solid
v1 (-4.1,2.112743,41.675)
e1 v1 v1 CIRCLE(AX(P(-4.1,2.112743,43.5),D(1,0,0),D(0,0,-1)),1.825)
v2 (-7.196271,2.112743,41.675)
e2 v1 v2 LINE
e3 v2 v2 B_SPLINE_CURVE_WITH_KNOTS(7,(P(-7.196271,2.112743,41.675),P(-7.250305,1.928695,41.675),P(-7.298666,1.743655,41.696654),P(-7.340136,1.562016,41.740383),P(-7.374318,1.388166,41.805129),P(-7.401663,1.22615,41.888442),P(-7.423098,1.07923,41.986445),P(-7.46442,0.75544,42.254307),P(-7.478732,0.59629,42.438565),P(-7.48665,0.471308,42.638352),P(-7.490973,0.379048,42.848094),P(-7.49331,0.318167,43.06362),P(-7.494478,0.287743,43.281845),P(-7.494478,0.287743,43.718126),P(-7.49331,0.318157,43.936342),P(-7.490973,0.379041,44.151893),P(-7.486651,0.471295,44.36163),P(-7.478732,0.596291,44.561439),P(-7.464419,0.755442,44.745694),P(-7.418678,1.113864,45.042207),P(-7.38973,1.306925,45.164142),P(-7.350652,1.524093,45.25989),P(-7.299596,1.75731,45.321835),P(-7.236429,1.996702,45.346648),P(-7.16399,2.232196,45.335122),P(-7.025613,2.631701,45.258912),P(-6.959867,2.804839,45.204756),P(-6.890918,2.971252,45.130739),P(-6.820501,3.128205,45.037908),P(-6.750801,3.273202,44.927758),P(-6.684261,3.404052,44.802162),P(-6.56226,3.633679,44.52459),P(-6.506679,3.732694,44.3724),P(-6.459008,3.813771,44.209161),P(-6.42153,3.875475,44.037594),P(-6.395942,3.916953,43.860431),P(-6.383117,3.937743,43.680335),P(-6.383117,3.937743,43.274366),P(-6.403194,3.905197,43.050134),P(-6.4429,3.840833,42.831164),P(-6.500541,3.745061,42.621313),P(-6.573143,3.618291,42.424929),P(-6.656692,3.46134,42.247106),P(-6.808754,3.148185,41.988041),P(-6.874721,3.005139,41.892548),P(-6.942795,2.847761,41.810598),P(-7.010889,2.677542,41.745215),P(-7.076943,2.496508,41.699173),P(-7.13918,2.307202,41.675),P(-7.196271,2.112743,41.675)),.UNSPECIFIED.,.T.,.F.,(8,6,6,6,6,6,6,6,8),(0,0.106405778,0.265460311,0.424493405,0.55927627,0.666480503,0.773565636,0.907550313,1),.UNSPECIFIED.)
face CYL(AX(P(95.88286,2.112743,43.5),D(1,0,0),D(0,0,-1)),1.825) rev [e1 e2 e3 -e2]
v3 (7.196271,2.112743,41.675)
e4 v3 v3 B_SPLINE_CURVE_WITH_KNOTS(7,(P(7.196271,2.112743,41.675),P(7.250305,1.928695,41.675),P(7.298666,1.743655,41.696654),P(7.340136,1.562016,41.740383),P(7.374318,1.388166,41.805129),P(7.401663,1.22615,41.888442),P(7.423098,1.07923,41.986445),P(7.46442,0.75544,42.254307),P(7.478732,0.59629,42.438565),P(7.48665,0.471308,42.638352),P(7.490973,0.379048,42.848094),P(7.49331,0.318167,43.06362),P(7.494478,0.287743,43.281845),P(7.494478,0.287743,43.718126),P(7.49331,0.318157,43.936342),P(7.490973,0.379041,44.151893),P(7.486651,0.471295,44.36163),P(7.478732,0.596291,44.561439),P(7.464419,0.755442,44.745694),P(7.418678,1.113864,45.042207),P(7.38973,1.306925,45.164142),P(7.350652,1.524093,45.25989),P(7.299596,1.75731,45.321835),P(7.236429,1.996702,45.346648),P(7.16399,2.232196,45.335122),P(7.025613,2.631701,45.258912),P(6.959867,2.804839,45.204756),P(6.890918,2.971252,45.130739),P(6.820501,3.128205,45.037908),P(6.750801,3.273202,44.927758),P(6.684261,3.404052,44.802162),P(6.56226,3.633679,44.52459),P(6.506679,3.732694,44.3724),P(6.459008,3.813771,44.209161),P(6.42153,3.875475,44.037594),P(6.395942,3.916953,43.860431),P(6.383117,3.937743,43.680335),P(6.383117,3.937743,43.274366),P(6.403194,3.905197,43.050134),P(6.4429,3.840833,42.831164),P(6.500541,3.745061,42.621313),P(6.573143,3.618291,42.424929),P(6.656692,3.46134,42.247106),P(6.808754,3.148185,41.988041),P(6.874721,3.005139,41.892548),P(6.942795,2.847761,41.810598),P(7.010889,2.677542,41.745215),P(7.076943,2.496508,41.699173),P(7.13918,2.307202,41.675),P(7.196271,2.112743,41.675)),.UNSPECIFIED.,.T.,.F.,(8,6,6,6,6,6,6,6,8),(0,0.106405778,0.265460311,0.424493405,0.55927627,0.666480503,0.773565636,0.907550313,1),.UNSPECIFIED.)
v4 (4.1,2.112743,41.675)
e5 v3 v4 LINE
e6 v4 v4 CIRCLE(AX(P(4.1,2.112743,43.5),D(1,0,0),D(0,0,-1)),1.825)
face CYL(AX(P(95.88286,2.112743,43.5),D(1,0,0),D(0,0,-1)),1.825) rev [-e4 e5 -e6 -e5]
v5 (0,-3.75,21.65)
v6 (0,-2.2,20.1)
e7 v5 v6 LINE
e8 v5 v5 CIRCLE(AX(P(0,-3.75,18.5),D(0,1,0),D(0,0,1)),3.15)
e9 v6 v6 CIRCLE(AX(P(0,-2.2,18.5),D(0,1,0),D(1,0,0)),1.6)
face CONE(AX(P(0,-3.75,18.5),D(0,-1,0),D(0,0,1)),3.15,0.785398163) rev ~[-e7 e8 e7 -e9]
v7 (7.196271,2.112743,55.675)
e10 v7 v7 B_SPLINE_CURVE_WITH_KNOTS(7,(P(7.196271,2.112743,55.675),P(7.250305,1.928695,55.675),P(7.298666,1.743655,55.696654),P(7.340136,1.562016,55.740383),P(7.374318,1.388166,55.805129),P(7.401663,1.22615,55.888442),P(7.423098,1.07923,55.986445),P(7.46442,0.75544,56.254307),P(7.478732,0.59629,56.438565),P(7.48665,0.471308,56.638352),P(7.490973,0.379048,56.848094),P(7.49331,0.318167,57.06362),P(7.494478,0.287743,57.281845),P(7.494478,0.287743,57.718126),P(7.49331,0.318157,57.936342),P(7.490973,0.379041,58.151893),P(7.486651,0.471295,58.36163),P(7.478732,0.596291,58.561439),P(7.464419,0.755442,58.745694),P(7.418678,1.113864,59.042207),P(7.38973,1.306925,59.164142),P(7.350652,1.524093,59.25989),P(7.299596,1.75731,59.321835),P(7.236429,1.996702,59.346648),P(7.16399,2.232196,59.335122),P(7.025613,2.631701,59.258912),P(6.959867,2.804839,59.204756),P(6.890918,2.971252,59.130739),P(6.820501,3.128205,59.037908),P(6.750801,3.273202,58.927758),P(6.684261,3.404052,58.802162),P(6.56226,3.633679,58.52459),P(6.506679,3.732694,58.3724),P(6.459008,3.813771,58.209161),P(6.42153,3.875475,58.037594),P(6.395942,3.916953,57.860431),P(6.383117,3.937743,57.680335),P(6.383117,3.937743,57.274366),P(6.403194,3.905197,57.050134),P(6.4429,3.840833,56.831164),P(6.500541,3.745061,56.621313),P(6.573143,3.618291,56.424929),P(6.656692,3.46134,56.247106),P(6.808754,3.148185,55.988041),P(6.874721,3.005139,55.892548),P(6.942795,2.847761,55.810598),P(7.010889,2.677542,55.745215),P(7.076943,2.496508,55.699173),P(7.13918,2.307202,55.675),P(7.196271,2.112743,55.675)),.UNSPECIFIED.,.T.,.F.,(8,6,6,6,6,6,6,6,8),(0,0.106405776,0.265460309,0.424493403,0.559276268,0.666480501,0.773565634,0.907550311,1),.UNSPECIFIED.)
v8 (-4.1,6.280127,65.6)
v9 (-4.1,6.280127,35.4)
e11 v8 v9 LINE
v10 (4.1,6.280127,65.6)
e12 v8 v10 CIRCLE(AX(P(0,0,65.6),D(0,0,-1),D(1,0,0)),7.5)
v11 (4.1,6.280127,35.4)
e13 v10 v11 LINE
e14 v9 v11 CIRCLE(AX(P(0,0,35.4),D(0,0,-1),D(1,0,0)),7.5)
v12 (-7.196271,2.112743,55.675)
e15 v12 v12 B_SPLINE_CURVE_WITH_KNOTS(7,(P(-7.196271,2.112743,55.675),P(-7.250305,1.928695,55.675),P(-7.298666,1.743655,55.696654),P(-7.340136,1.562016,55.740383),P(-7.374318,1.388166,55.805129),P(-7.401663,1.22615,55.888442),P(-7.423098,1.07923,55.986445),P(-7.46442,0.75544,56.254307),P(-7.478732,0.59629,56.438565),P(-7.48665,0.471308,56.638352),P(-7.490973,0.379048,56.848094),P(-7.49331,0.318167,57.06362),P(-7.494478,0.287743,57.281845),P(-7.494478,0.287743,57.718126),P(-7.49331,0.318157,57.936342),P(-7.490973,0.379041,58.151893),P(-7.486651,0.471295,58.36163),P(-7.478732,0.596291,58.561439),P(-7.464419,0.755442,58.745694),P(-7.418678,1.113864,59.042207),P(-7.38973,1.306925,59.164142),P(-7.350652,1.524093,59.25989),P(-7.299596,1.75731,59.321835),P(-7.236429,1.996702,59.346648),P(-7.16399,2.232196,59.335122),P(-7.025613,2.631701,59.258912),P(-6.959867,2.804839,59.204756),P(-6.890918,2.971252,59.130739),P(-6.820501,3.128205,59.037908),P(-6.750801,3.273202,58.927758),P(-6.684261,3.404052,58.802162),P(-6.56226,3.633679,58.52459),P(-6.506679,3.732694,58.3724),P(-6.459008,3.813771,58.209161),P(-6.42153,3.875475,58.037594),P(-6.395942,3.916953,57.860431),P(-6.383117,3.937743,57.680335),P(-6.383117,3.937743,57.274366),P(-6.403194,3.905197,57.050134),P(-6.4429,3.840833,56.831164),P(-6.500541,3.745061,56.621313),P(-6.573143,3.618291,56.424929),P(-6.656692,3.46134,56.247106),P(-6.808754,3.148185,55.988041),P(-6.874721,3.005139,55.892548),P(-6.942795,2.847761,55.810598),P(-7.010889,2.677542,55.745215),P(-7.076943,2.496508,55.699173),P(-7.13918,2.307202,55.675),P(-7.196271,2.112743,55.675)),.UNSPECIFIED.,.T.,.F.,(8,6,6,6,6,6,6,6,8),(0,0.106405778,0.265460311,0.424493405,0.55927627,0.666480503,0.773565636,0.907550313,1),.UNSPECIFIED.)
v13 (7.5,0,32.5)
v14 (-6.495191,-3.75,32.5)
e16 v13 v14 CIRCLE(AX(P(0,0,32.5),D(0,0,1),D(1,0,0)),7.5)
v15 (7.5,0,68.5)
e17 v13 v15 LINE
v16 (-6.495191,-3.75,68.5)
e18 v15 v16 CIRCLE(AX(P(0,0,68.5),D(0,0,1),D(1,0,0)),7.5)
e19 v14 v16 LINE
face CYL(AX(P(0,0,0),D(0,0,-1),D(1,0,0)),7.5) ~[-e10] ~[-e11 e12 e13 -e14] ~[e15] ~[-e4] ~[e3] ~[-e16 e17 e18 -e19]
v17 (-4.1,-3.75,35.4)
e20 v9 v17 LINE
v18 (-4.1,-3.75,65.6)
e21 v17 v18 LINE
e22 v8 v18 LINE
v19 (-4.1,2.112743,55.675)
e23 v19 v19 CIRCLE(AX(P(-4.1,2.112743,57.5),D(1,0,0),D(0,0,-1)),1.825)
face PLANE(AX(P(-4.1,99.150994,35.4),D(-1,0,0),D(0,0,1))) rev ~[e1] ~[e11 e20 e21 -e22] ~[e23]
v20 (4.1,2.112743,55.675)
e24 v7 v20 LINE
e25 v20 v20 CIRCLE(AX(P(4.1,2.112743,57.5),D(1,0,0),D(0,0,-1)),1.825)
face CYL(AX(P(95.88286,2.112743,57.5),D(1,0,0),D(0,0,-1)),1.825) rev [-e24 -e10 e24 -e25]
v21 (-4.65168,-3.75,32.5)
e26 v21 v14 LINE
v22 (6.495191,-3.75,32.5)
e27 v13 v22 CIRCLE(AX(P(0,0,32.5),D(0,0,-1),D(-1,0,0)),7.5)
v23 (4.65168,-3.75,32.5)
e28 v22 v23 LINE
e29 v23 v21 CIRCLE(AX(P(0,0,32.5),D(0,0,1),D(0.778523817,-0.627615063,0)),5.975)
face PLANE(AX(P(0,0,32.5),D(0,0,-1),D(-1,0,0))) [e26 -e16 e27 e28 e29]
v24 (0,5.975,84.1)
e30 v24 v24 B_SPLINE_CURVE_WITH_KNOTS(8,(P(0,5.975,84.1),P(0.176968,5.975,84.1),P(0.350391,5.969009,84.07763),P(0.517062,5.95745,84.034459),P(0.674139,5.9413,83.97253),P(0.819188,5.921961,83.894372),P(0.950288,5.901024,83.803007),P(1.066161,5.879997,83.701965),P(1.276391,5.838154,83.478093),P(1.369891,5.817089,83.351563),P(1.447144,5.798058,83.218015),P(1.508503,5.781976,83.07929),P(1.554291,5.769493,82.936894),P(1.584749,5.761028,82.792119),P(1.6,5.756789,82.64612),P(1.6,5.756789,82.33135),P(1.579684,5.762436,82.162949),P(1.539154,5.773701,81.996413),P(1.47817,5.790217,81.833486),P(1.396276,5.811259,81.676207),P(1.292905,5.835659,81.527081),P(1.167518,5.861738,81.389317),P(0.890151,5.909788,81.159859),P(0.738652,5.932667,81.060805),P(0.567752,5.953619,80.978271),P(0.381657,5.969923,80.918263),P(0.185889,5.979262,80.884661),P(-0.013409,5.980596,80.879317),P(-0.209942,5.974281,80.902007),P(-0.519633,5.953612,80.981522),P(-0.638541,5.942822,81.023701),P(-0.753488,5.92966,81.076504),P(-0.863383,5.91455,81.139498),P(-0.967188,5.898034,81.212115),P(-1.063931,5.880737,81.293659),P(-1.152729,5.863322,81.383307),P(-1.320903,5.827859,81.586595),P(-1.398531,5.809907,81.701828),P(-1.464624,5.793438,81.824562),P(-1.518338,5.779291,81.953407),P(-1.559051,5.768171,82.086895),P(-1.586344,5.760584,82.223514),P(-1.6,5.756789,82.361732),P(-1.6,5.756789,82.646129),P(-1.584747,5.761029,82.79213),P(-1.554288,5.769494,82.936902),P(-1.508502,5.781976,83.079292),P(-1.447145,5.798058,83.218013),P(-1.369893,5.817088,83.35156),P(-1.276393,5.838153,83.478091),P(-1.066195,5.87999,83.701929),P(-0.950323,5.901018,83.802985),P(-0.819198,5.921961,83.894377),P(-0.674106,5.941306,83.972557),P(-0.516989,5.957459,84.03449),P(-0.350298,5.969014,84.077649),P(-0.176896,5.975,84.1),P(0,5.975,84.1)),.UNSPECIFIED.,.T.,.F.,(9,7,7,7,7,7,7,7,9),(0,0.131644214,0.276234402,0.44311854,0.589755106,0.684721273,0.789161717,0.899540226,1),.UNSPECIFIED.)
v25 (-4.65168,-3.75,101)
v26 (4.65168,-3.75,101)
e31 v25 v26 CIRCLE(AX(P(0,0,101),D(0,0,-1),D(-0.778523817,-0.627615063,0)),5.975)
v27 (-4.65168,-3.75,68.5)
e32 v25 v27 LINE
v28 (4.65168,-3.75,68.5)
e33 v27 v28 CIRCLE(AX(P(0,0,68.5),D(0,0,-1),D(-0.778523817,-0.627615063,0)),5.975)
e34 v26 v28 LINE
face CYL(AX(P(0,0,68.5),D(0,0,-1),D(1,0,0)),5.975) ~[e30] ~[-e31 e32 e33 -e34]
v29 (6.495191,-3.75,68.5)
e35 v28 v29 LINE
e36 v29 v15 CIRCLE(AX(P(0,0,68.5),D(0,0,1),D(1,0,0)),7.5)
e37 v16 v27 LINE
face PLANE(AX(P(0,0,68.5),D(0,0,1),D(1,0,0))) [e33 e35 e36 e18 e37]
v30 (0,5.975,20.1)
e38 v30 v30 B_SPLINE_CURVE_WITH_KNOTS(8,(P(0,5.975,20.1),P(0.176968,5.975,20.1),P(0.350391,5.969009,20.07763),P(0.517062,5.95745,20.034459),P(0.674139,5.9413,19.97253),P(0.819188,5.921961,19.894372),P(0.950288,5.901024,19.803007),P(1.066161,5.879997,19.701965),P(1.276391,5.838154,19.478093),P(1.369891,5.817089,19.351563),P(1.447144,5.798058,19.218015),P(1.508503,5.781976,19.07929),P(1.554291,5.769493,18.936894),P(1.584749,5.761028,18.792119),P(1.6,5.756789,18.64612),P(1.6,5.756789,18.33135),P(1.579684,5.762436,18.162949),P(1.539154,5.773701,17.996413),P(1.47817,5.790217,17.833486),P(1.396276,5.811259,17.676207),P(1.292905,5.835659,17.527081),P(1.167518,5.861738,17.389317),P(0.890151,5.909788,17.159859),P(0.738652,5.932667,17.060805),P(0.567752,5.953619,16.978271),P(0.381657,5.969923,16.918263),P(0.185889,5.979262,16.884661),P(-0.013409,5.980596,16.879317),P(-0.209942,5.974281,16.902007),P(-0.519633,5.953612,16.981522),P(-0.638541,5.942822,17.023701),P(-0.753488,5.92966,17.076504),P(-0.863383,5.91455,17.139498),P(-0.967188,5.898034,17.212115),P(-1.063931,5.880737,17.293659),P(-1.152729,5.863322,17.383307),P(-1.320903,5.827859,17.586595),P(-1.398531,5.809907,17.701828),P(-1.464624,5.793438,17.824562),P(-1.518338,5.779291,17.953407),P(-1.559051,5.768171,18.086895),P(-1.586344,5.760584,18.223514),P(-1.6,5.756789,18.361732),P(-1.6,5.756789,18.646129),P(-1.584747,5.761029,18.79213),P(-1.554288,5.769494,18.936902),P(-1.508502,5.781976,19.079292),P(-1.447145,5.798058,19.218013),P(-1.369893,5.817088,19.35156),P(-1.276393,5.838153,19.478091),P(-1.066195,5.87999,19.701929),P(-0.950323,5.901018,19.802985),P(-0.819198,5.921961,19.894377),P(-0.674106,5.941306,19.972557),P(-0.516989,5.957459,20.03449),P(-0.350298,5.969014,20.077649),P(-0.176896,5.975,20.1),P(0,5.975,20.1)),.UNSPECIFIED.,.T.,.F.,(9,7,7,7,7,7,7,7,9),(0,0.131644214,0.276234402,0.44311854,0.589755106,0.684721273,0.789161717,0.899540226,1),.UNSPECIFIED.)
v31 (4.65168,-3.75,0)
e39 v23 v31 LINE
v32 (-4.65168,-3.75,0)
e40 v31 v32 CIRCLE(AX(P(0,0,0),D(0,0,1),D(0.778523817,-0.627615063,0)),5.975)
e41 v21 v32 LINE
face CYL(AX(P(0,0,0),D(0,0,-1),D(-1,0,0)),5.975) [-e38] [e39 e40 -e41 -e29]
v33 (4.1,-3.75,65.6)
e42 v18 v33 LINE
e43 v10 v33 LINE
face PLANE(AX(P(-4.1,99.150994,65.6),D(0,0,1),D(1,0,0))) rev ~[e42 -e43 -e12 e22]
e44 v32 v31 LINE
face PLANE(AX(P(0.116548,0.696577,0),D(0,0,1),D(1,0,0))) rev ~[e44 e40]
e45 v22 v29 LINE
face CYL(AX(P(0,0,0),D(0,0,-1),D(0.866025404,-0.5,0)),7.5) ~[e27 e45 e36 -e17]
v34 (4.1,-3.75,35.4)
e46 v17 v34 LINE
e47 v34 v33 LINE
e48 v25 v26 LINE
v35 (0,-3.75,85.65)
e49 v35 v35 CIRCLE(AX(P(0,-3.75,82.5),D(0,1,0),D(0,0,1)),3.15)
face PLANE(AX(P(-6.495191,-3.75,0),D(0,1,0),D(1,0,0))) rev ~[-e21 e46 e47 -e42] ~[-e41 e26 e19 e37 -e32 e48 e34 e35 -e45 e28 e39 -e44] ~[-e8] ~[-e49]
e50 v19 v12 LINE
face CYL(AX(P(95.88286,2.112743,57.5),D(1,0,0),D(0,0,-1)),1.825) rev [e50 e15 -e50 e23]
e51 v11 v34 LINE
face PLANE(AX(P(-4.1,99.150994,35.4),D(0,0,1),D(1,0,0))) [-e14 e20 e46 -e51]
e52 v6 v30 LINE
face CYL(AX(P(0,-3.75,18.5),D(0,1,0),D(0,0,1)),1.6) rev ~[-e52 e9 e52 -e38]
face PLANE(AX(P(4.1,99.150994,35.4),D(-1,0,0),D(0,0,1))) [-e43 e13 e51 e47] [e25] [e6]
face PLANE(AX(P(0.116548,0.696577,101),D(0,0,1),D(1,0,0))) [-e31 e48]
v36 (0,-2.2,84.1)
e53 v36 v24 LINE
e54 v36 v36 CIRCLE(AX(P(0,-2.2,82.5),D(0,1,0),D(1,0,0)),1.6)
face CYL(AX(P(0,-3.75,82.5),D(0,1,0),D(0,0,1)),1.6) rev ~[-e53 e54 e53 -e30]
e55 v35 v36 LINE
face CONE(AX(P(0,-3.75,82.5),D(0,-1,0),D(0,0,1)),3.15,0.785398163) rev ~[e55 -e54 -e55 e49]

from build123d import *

# Parameters (mm, degrees)
BOSS_EXTRUDE1_DEPTH     = 101
CUT_EXTRUDE1_START      = -32.5
SKETCH3_R               = 7.5
SKETCH3_R_2             = 5.975
CUT_EXTRUDE1_DEPTH      = 32.5
SKETCH4_R               = 7.5
SKETCH4_R_2             = 5.975
CUT_EXTRUDE2_DEPTH      = 32.5
CUT_EXTRUDE3_DEPTH      = 102.900993616
CUT_EXTRUDE3_DEPTH_BACK = 102.900993616
SKETCH5_W               = 8.2
SKETCH5_H               = 30.2
CUT_EXTRUDE4_DEPTH      = 103.382859894
CUT_EXTRUDE4_DEPTH_BACK = 103.382859894
HOLE1_D                 = 3.2
HOLE1_CSINK_D           = 6.3
HOLE1_CSINK_ANGLE       = 90


with BuildPart() as part:
    # Sketch1 → Boss-Extrude1 (new body)
    with BuildSketch(Plane.XY):
        with BuildLine():
            ThreePointArc((7.5, 0), (-1.941142838, 7.244443697), (-6.495190528, -3.75))
            Line((-6.495190528, -3.75), (6.495190528, -3.75))
            ThreePointArc((6.495190528, -3.75), (7.244443697, -1.941142838), (7.5, 0))
        make_face()
    extrude(amount=BOSS_EXTRUDE1_DEPTH)

    # Sketch3 → Cut-Extrude1 (cut)
    with BuildSketch(Plane.XY.offset(101).offset(CUT_EXTRUDE1_START)):
        Circle(SKETCH3_R)
        Circle(SKETCH3_R_2, mode=Mode.SUBTRACT)
    extrude(amount=CUT_EXTRUDE1_DEPTH, mode=Mode.SUBTRACT)

    # Sketch4 → Cut-Extrude2 (cut)
    with BuildSketch(Plane(origin=(0, 0, 0), x_dir=(-1, 0, 0), z_dir=(0, 0, -1))):
        Circle(SKETCH4_R)
        Circle(SKETCH4_R_2, mode=Mode.SUBTRACT)
    extrude(amount=-CUT_EXTRUDE2_DEPTH, mode=Mode.SUBTRACT)

    # Sketch5 → Cut-Extrude3 (cut, two sides: drawn at the far end of the back side and taken through both)
    with BuildSketch(Plane.XZ.offset(3.75).offset(-CUT_EXTRUDE3_DEPTH_BACK)):
        with Locations((0, 50.5)):
            Rectangle(SKETCH5_W, SKETCH5_H)
    extrude(amount=CUT_EXTRUDE3_DEPTH + CUT_EXTRUDE3_DEPTH_BACK, mode=Mode.SUBTRACT)

    # Sketch10 → Cut-Extrude4 (cut, two sides: drawn at the far end of the back side and taken through both)
    with BuildSketch(Plane.ZY.offset(7.5).offset(-CUT_EXTRUDE4_DEPTH_BACK)):
        with BuildLine():
            ThreePointArc((45.325, 2.112742786), (43.5, 3.937742786), (41.675, 2.112742786))
            Line((41.675, 2.112742786), (45.325, 2.112742786))
        make_face()
        with BuildLine():
            Line((45.325, 2.112742786), (41.675, 2.112742786))
            ThreePointArc((41.675, 2.112742786), (43.5, 0.287742786), (45.325, 2.112742786))
        make_face()
        with BuildLine():
            ThreePointArc((59.325, 2.112742786), (57.5, 3.937742786), (55.675, 2.112742786))
            Line((55.675, 2.112742786), (59.325, 2.112742786))
        make_face()
        with BuildLine():
            Line((59.325, 2.112742786), (55.675, 2.112742786))
            ThreePointArc((55.675, 2.112742786), (57.5, 0.287742786), (59.325, 2.112742786))
        make_face()
    extrude(amount=CUT_EXTRUDE4_DEPTH + CUT_EXTRUDE4_DEPTH_BACK, mode=Mode.SUBTRACT)

    # Hole1 (through all)
    with Locations(Plane(origin=(0, -3.75, 82.5), x_dir=(0, 0, -1), z_dir=(0, -1, 0))):
        with Locations((0, 0), (64, 0)):
            CounterSinkHole(HOLE1_D / 2, HOLE1_CSINK_D / 2, counter_sink_angle=HOLE1_CSINK_ANGLE)


solid = part.part
